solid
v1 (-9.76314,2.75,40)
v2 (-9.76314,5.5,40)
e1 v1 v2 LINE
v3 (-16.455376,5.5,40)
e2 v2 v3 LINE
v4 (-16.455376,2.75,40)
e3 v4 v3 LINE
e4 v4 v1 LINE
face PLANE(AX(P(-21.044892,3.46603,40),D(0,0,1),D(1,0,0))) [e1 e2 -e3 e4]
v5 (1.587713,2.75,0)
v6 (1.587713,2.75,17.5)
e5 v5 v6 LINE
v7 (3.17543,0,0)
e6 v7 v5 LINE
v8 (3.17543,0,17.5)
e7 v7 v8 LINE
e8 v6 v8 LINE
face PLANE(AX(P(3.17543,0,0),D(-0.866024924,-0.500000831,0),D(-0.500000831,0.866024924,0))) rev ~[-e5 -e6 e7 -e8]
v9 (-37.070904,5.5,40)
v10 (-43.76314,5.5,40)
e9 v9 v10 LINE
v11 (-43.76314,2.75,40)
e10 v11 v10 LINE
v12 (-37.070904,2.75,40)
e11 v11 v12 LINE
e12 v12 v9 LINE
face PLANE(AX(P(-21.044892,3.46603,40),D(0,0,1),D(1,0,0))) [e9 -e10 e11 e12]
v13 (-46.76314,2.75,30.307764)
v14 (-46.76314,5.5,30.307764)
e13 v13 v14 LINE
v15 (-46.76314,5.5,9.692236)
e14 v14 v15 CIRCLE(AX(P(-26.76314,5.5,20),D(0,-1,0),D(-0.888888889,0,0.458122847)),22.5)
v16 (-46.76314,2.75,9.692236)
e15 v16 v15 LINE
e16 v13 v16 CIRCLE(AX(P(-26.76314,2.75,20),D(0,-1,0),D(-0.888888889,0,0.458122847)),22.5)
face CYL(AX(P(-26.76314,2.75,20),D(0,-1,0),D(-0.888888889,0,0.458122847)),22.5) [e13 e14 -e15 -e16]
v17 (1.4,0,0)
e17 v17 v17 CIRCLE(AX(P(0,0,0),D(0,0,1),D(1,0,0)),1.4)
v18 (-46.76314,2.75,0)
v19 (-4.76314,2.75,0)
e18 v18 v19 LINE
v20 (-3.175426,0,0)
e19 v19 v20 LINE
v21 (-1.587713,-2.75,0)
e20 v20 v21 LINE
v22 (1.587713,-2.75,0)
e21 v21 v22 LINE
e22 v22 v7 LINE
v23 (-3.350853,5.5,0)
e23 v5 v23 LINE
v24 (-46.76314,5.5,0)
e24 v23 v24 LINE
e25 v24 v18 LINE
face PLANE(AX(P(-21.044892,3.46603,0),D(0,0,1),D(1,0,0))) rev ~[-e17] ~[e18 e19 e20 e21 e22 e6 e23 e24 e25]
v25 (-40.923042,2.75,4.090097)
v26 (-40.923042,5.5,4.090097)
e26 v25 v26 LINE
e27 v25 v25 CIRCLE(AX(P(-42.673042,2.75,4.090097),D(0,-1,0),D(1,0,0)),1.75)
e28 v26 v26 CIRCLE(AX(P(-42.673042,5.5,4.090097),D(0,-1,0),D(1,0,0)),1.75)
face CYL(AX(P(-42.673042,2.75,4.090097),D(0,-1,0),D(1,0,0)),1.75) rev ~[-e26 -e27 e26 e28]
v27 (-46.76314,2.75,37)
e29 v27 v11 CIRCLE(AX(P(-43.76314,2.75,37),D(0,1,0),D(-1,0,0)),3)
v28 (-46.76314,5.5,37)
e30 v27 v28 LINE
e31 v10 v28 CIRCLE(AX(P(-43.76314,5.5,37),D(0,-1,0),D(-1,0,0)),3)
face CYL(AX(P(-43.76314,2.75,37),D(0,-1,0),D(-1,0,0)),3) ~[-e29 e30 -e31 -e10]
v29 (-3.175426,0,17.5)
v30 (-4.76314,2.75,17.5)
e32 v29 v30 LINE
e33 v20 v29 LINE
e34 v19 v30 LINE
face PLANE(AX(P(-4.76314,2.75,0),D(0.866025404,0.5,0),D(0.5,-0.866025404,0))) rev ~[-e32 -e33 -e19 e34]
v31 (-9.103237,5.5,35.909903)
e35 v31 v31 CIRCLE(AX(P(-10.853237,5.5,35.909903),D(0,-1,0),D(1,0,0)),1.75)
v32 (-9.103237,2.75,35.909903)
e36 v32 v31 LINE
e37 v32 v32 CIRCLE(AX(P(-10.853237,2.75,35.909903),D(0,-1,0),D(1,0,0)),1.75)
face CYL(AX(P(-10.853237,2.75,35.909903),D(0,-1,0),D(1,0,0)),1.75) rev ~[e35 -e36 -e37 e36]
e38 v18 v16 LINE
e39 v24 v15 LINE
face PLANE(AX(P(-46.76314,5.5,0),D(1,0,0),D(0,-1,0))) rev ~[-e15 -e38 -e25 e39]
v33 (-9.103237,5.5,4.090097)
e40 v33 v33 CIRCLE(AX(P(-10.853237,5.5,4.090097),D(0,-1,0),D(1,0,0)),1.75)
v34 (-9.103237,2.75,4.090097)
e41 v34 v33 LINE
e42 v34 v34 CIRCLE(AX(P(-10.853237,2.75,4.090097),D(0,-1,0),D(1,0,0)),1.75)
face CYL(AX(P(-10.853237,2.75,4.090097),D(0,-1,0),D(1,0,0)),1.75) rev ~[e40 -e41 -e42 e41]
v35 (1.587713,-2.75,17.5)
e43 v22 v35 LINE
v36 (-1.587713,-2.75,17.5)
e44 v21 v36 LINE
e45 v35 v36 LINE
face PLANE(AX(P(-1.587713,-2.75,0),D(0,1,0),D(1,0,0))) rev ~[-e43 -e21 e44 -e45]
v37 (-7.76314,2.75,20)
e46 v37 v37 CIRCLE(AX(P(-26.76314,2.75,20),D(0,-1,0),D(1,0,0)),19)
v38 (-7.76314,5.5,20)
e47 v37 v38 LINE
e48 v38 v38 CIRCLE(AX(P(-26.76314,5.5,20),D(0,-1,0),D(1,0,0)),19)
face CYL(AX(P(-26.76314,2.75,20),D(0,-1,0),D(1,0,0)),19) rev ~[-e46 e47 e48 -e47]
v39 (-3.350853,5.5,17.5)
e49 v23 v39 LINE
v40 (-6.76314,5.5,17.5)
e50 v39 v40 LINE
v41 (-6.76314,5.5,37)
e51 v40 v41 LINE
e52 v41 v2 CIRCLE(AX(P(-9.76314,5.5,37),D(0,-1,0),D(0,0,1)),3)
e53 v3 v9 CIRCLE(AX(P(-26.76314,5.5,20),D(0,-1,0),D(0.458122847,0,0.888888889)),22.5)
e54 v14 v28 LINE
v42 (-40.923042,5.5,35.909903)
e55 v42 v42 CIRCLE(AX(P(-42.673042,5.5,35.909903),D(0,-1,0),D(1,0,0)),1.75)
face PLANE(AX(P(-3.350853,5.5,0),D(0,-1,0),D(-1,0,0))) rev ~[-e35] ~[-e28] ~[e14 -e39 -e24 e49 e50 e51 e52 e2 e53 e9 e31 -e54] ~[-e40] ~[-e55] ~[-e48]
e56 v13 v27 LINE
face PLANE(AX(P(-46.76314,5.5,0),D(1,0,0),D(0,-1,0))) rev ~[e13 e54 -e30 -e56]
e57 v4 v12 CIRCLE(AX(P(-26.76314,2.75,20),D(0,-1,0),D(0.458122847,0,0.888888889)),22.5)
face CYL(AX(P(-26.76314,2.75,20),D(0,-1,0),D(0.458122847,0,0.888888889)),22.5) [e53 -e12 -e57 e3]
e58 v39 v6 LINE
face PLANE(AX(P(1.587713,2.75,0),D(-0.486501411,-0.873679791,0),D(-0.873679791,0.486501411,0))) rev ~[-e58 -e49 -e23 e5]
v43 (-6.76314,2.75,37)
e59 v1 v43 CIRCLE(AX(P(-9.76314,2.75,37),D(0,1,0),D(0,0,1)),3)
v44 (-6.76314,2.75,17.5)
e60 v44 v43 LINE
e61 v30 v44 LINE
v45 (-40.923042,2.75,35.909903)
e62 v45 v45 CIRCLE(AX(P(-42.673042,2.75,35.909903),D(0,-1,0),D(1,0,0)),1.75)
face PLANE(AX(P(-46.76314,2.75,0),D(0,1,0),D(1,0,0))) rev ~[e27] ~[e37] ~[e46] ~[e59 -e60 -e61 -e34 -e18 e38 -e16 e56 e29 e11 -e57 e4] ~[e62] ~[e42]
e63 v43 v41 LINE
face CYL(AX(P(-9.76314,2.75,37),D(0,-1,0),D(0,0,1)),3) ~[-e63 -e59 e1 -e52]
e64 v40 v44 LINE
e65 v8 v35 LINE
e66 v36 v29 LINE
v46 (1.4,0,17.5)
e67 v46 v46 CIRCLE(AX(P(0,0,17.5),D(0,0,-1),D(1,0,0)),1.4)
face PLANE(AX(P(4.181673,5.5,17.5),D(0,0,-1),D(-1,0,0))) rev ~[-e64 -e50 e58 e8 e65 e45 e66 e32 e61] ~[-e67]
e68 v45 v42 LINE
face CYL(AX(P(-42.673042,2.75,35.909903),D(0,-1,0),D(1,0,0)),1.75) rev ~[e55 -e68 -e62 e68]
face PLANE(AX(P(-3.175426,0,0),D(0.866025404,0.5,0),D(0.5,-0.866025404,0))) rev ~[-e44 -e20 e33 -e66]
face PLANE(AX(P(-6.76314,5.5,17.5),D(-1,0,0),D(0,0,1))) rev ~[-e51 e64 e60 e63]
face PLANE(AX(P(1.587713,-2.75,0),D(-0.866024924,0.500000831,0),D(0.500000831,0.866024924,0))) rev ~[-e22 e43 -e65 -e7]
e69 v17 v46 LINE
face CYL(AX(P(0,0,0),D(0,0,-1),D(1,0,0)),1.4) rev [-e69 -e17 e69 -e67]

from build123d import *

# Parameters (mm, degrees)
F0_R     = 1.4
F1_DEPTH = 40
F2_W     = 3.4122867597
F2_H     = 22.5
F3_DEPTH = 25
F5_DEPTH = 2.75
F4_R     = 1.75
F4_R_2   = 19
F6_DEPTH = 25


with BuildPart() as f1:
    # F0 (on Top) → F1 (new body)
    with BuildSketch(Plane.XY):
        Polygon((-1.5877132403, -2.75), (1.5877132403, -2.75), (3.17543, 0), (1.5877132403, 2.75), (-3.3508529611, 5.5), (-46.7631397208, 5.5), (-46.7631397208, 2.75), (-4.7631397208, 2.75), (-3.1754264805, 0), align=None)
        Circle(F0_R, mode=Mode.SUBTRACT)
    extrude(amount=F1_DEPTH)

    # F2 (on face) → F3 (cut)
    with BuildSketch(Plane(origin=(0, 5.5, 0), x_dir=(-1, 0, 0), z_dir=(0, 1, 0))):
        Polygon((6.7631397208, 40.8263410057), (-4.1816732138, 40.8263410057), (-4.1816732138, 17.5), (3.3508529611, 17.5), (3.3508529611, 40), (6.7631397208, 40), align=None)
        with Locations((5.056996341, 28.75)):
            Rectangle(F2_W, F2_H)
    extrude(amount=-F3_DEPTH, mode=Mode.SUBTRACT)

    # F4 (on face) → F5 (join)
    with BuildSketch(Plane.XZ.offset(-2.75)):
        with BuildLine():
            Line((-46.7631397208, 9.692235936), (-46.7631397208, 30.307764064))
            ThreePointArc((-46.7631397208, 30.307764064), (-49.2631397208, 20), (-46.7631397208, 9.692235936))
        make_face()
        with BuildLine():
            ThreePointArc((-16.4553756568, 40), (-26.7631397208, 42.5), (-37.0709037849, 40))
            Line((-37.0709037849, 40), (-16.4553756568, 40))
        make_face()
    extrude(amount=-F5_DEPTH)

    # F4 (on face) → F6 (cut)
    with BuildSketch(Plane.XZ.offset(-2.75)):
        with BuildLine():
            Line((-6.7631397208, 40), (-9.7631397208, 40))
            ThreePointArc((-9.7631397208, 40), (-7.6418193773, 39.1213203436), (-6.7631397208, 37))
            Line((-6.7631397208, 37), (-6.7631397208, 40))
        make_face()
        with BuildLine():
            ThreePointArc((-46.7631397208, 37), (-45.8844600644, 39.1213203436), (-43.7631397208, 40))
            Line((-43.7631397208, 40), (-46.7631397208, 40))
            Line((-46.7631397208, 40), (-46.7631397208, 37))
        make_face()
        with Locations((-42.6730422975, 35.9099025767)):
            Circle(F4_R)
        with Locations((-42.6730422975, 4.0900974233)):
            Circle(F4_R)
        with Locations((-10.8532371441, 4.0900974233)):
            Circle(F4_R)
        with Locations((-10.8532371441, 35.9099025767)):
            Circle(F4_R)
        with Locations((-26.7631397208, 20)):
            Circle(F4_R_2)
    extrude(amount=-F6_DEPTH, mode=Mode.SUBTRACT)


solid = f1.part
